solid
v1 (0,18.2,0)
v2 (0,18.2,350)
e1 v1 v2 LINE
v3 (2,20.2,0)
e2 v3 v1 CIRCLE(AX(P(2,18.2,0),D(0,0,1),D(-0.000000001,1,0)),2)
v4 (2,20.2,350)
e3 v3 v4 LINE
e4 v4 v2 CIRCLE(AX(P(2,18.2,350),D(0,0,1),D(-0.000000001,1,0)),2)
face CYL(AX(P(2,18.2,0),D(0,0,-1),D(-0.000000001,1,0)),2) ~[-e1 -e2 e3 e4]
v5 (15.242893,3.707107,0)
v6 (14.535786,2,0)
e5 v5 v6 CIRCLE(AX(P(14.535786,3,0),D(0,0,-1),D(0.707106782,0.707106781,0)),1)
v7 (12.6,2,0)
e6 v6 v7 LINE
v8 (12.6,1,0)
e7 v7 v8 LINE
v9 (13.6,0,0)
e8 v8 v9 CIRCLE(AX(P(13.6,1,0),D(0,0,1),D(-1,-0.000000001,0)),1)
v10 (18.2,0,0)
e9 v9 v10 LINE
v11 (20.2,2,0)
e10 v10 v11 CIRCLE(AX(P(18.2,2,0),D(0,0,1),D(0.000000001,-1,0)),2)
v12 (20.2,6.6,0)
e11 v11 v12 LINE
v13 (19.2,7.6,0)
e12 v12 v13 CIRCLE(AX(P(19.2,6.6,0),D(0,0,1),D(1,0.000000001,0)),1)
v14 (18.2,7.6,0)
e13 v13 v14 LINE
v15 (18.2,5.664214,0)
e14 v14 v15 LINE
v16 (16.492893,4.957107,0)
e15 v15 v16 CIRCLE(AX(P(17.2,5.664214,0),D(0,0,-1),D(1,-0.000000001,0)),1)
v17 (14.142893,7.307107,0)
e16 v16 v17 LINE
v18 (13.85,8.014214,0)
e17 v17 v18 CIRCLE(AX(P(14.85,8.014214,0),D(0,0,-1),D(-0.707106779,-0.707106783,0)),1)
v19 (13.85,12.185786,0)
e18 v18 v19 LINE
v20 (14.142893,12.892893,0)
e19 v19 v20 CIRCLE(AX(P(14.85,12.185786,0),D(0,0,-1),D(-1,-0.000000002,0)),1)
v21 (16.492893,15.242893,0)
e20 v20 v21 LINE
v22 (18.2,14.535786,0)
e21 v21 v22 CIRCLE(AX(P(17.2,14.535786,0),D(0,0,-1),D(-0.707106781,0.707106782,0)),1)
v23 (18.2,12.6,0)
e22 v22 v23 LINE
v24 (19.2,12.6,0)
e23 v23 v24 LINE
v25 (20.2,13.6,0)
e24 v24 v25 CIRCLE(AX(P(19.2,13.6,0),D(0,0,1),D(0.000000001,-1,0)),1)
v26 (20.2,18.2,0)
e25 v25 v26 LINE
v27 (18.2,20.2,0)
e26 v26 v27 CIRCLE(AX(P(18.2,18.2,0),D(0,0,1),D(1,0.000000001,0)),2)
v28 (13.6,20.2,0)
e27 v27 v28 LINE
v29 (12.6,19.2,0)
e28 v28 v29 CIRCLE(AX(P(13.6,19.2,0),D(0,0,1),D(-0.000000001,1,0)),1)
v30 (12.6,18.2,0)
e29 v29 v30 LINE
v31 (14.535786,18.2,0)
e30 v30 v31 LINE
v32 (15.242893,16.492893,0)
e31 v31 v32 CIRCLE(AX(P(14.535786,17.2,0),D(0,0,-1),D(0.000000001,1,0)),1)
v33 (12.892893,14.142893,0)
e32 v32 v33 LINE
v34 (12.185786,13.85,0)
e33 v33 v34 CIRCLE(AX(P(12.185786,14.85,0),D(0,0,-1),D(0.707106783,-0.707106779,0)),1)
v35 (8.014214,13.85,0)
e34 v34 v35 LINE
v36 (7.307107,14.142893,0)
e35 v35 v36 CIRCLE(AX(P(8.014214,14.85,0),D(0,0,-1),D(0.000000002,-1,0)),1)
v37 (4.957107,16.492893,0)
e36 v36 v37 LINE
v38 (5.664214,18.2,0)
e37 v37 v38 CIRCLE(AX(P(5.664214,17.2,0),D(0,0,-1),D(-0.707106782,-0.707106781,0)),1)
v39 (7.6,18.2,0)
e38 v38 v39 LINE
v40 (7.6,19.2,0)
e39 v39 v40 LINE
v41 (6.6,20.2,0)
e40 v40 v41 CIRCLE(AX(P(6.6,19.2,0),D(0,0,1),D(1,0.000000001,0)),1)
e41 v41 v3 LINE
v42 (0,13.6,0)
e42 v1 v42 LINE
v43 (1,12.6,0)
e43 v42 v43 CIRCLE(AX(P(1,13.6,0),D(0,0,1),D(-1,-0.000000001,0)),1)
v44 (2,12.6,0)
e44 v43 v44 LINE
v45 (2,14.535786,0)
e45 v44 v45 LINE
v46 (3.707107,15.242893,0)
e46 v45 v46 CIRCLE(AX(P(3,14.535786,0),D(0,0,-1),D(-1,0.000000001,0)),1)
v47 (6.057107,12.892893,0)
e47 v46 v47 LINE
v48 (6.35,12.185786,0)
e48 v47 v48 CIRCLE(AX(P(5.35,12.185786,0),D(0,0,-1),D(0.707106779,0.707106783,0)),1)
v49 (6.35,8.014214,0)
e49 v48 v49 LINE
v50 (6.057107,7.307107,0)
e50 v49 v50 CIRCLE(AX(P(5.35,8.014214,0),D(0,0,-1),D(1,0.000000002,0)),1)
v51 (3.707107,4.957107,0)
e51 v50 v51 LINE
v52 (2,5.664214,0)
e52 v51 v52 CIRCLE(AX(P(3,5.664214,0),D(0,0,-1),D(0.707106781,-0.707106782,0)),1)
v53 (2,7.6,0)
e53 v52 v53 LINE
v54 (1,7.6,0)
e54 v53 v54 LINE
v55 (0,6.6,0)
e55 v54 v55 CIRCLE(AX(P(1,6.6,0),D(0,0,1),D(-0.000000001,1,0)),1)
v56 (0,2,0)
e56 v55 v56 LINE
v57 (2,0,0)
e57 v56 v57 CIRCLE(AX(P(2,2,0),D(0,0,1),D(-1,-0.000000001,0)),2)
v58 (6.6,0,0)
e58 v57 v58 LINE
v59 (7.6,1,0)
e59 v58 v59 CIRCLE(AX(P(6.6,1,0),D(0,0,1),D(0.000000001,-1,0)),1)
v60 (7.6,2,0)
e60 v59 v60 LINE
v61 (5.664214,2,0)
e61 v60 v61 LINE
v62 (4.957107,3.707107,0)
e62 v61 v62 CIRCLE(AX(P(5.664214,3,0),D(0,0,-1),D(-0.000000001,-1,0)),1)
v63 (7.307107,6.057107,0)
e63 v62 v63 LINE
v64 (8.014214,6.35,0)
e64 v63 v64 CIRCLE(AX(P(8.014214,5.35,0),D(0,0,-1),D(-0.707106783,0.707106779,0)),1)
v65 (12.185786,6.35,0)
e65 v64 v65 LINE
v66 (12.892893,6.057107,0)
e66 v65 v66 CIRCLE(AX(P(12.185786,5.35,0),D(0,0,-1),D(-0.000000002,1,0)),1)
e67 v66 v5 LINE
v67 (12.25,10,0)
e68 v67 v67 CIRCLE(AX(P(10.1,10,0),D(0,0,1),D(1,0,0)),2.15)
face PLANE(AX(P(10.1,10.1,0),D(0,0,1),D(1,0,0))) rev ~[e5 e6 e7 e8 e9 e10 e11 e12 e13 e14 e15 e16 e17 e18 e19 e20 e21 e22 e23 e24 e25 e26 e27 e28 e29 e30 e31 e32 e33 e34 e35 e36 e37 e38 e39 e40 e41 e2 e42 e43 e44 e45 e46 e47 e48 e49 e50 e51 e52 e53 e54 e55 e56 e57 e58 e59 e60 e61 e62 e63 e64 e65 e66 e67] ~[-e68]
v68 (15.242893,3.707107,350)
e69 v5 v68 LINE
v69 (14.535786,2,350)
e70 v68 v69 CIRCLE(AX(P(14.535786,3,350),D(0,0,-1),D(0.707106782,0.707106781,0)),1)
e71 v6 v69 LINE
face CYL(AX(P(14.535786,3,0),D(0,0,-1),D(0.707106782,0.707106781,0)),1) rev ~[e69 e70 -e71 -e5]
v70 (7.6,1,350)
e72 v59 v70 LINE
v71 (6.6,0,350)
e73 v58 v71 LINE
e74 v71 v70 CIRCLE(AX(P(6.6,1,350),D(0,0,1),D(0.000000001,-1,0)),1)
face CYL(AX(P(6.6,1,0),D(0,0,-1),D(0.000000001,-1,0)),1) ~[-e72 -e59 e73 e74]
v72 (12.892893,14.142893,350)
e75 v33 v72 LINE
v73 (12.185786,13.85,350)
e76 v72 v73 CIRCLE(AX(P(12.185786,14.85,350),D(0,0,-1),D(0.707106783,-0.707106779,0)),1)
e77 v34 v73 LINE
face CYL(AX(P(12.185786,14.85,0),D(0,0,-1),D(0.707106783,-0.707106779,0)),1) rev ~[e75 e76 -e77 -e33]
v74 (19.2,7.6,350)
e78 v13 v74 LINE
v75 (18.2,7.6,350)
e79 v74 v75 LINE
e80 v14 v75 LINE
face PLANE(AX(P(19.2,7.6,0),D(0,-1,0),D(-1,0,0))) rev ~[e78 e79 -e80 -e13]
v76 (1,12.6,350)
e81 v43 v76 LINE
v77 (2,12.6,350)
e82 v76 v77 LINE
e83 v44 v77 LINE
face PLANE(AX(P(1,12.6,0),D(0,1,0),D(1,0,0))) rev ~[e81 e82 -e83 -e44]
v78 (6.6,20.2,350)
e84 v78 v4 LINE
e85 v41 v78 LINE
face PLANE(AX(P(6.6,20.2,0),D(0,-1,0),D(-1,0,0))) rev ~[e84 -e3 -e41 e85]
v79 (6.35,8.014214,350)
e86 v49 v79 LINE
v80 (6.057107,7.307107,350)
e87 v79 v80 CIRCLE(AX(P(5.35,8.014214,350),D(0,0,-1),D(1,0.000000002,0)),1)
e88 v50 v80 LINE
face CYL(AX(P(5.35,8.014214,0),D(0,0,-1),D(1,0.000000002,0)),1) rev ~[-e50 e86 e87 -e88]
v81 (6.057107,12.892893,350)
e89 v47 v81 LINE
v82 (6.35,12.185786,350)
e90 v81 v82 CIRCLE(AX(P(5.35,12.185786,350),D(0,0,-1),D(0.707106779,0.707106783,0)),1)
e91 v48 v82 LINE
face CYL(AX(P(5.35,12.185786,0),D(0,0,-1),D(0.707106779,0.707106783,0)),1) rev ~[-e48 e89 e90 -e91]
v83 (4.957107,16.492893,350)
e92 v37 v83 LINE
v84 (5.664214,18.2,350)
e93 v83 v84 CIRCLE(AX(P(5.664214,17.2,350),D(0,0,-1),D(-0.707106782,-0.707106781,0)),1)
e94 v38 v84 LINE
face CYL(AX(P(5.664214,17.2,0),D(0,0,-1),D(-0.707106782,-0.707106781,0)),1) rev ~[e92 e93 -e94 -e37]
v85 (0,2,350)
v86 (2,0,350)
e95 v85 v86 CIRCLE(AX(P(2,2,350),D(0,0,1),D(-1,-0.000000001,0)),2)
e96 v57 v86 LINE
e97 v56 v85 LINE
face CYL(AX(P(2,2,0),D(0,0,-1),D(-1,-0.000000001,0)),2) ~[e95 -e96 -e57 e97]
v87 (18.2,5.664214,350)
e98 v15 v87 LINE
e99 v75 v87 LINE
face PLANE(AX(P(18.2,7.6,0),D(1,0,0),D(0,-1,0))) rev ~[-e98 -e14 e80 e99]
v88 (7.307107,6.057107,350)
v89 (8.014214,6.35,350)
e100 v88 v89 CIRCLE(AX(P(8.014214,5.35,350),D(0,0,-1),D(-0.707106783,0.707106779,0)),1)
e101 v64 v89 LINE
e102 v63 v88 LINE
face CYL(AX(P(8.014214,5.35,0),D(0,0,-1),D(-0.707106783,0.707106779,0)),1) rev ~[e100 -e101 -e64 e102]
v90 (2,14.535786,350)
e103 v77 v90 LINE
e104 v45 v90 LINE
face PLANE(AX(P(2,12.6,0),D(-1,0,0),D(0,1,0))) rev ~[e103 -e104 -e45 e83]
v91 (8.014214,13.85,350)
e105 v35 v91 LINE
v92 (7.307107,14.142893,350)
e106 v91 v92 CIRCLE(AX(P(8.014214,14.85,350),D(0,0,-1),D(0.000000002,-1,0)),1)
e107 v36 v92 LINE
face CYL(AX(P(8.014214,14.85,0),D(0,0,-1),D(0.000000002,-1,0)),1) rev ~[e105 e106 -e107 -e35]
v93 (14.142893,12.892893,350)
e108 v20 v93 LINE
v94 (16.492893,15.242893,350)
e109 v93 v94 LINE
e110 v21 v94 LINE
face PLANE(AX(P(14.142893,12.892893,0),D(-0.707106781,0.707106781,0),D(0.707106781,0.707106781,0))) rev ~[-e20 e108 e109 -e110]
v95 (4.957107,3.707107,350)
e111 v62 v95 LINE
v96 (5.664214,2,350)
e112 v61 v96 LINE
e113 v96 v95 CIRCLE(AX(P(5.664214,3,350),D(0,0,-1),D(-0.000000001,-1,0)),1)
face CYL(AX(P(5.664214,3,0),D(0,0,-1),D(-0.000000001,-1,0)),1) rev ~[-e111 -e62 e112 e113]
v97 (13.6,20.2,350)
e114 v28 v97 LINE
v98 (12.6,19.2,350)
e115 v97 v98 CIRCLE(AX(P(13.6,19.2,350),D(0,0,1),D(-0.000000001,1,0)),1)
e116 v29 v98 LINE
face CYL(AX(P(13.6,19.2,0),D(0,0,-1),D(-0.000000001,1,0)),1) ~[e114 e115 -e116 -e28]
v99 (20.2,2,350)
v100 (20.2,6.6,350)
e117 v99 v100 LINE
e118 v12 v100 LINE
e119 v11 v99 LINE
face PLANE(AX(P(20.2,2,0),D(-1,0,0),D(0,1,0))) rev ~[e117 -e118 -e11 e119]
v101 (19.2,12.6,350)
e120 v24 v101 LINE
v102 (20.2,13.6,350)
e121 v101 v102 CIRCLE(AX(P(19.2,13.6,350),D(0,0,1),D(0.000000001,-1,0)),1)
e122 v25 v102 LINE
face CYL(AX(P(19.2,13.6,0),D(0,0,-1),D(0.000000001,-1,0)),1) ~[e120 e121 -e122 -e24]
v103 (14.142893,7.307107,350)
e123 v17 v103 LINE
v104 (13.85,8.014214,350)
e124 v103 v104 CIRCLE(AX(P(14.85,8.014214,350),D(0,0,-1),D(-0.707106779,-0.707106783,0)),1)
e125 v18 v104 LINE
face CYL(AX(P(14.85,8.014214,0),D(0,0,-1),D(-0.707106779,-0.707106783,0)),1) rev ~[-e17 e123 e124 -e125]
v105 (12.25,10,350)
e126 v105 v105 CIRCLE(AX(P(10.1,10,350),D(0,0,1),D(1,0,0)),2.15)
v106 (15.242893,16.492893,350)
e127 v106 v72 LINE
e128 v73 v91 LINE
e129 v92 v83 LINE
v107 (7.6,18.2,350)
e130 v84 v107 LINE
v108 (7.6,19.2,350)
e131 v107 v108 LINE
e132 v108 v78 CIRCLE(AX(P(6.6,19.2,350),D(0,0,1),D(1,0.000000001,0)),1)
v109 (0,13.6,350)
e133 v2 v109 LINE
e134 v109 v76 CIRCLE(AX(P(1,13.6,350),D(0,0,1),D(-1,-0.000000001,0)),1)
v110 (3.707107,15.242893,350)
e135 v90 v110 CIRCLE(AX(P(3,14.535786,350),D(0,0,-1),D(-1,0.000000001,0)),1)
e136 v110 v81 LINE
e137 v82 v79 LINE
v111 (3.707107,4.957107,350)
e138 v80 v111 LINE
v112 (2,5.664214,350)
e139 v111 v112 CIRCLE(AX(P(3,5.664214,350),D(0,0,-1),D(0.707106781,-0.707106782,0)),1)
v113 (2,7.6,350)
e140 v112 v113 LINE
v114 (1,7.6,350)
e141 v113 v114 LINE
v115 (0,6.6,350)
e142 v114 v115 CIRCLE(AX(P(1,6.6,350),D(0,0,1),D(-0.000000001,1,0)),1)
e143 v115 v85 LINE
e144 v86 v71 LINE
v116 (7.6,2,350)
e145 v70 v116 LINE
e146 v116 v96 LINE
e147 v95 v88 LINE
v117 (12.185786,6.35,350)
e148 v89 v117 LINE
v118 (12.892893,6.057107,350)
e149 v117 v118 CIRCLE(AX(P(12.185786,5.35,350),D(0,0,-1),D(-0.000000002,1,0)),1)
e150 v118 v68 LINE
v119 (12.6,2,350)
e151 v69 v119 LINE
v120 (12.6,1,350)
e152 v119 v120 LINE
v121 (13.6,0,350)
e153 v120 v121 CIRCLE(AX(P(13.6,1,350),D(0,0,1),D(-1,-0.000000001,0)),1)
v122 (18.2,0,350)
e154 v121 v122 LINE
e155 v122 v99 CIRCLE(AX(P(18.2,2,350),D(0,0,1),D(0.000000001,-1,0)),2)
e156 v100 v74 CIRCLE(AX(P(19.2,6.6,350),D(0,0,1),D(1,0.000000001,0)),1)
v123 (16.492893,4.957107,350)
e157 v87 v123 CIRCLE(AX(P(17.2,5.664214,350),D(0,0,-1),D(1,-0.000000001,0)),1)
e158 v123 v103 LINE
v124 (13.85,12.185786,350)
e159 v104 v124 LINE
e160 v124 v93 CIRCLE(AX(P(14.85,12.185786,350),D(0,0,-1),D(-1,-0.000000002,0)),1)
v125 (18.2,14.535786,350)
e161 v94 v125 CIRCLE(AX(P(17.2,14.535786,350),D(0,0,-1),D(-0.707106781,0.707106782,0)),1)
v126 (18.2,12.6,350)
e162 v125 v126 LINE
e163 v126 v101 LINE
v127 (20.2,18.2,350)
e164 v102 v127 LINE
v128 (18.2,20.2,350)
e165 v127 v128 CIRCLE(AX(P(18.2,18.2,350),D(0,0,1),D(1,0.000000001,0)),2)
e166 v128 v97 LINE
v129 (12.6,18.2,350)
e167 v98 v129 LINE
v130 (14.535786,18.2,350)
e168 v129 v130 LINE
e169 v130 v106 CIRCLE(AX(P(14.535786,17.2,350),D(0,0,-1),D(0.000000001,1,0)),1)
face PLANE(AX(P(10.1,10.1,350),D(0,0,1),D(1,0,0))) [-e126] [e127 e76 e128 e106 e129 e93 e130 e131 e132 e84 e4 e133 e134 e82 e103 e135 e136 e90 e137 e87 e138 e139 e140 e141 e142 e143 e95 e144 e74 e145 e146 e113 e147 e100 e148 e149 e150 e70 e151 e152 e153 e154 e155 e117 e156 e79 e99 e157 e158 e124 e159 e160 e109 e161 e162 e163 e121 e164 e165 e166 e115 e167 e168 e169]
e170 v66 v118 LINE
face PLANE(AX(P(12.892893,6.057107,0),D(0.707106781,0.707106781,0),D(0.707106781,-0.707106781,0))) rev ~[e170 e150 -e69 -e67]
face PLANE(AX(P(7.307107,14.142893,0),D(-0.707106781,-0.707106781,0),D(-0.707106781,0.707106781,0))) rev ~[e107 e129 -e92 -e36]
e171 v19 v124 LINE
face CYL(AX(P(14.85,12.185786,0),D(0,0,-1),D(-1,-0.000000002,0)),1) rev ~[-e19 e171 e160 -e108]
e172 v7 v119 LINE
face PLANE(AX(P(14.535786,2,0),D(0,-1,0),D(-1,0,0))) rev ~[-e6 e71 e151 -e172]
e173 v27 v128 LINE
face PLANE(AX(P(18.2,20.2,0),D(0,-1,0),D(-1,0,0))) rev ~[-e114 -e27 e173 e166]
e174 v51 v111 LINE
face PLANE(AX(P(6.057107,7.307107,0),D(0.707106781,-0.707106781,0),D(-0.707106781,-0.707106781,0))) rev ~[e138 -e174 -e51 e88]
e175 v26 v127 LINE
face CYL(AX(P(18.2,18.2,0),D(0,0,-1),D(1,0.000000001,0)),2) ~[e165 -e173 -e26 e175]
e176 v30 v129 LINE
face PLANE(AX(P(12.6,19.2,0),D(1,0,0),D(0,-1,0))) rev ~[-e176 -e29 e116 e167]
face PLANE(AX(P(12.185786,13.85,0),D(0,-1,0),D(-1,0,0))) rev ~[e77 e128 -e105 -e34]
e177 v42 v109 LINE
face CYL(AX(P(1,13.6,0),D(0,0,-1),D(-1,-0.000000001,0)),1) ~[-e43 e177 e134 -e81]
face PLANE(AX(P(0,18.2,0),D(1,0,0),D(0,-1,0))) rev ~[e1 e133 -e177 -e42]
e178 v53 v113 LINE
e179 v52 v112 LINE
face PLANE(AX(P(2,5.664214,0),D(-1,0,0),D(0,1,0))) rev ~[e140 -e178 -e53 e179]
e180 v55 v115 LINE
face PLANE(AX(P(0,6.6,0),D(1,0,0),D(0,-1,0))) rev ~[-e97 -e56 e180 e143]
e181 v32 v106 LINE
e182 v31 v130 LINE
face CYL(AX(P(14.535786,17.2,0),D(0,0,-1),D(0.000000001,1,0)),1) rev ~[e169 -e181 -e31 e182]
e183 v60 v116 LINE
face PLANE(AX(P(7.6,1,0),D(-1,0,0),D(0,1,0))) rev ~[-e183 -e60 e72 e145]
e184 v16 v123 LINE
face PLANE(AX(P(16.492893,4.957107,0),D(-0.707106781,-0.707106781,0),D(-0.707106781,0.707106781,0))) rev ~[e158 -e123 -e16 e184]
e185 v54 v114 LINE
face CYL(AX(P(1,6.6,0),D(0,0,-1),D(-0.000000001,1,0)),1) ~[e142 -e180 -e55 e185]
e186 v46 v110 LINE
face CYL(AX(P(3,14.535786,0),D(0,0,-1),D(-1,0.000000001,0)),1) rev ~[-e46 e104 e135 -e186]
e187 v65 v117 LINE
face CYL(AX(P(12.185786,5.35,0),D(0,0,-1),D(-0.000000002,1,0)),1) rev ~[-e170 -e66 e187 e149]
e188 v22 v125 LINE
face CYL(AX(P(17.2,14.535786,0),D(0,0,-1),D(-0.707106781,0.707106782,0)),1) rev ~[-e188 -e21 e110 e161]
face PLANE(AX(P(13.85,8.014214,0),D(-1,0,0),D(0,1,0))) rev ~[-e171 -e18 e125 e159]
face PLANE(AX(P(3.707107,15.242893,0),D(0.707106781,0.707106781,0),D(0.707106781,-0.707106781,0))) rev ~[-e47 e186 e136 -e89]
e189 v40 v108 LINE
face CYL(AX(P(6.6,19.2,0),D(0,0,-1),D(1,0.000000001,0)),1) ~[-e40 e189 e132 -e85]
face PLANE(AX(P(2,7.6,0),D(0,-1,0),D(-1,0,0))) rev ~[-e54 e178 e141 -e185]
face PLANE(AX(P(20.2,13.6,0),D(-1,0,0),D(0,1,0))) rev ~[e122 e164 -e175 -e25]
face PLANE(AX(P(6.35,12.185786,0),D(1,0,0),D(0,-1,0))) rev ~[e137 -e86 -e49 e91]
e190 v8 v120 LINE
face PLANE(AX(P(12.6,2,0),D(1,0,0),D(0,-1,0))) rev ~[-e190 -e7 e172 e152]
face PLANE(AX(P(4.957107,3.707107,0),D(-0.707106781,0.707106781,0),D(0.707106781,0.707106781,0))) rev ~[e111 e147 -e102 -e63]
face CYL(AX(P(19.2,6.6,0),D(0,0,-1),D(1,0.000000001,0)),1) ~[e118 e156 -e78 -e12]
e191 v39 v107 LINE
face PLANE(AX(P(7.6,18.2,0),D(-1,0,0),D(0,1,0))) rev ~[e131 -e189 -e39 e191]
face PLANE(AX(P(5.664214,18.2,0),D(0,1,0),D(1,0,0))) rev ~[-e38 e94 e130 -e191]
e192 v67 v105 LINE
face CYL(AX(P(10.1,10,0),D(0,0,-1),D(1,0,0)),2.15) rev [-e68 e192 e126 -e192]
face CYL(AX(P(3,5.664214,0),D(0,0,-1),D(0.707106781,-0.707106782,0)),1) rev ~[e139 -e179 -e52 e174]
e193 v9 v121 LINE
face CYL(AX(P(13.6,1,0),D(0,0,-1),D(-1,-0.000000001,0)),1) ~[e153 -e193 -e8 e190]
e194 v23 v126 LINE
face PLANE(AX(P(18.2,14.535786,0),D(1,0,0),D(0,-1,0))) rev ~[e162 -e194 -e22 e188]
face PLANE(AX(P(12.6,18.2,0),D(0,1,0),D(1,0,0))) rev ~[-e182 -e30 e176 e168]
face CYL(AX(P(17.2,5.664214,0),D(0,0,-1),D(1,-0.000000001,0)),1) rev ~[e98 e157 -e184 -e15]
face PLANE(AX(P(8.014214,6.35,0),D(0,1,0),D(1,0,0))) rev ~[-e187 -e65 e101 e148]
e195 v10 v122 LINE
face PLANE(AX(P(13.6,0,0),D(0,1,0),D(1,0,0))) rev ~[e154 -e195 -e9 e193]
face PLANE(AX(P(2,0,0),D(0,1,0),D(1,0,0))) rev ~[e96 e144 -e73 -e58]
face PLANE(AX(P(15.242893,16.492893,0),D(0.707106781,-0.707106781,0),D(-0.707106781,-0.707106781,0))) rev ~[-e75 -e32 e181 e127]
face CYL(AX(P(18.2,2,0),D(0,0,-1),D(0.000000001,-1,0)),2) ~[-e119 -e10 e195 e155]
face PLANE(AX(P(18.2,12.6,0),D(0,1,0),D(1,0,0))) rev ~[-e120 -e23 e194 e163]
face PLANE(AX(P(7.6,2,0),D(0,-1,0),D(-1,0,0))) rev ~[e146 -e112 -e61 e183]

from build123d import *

# Parameters (mm, degrees)
SKETCH1_R           = 2.15
BOSS_EXTRUDE1_DEPTH = 350


with BuildPart() as part:
    # Sketch1 → Boss-Extrude1 (new body)
    with BuildSketch(Plane.XY):
        with BuildLine():
            Line((2, 0), (6.6, 0))
            ThreePointArc((6.6, 0), (7.307106781, 0.292893219), (7.6, 1))
            Line((7.6, 1), (7.6, 2))
            Line((7.6, 2), (5.664213562, 2))
            ThreePointArc((5.664213562, 2), (4.74033403, 2.617316568), (4.957106781, 3.707106781))
            Line((4.957106781, 3.707106781), (7.307106781, 6.057106781))
            ThreePointArc((7.307106781, 6.057106781), (7.63153013, 6.273879533), (8.014213562, 6.35))
            Line((8.014213562, 6.35), (12.185786438, 6.35))
            ThreePointArc((12.185786438, 6.35), (12.56846987, 6.273879533), (12.892893219, 6.057106781))
            Line((12.892893219, 6.057106781), (15.242893219, 3.707106781))
            ThreePointArc((15.242893219, 3.707106781), (15.45966597, 2.617316568), (14.535786438, 2))
            Line((14.535786438, 2), (12.6, 2))
            Line((12.6, 2), (12.6, 1))
            ThreePointArc((12.6, 1), (12.892893219, 0.292893219), (13.6, 0))
            Line((13.6, 0), (18.2, 0))
            ThreePointArc((18.2, 0), (19.614213562, 0.585786438), (20.2, 2))
            Line((20.2, 2), (20.2, 6.6))
            ThreePointArc((20.2, 6.6), (19.907106781, 7.307106781), (19.2, 7.6))
            Line((19.2, 7.6), (18.2, 7.6))
            Line((18.2, 7.6), (18.2, 5.664213562))
            ThreePointArc((18.2, 5.664213562), (17.582683432, 4.74033403), (16.492893219, 4.957106781))
            Line((16.492893219, 4.957106781), (14.142893219, 7.307106781))
            ThreePointArc((14.142893219, 7.307106781), (13.926120467, 7.63153013), (13.85, 8.014213562))
            Line((13.85, 8.014213562), (13.85, 12.185786438))
            ThreePointArc((13.85, 12.185786438), (13.926120467, 12.56846987), (14.142893219, 12.892893219))
            Line((14.142893219, 12.892893219), (16.492893219, 15.242893219))
            ThreePointArc((16.492893219, 15.242893219), (17.582683432, 15.45966597), (18.2, 14.535786438))
            Line((18.2, 14.535786438), (18.2, 12.6))
            Line((18.2, 12.6), (19.2, 12.6))
            ThreePointArc((19.2, 12.6), (19.907106781, 12.892893219), (20.2, 13.6))
            Line((20.2, 13.6), (20.2, 18.2))
            ThreePointArc((20.2, 18.2), (19.614213562, 19.614213562), (18.2, 20.2))
            Line((18.2, 20.2), (13.6, 20.2))
            ThreePointArc((13.6, 20.2), (12.892893219, 19.907106781), (12.6, 19.2))
            Line((12.6, 19.2), (12.6, 18.2))
            Line((12.6, 18.2), (14.535786438, 18.2))
            ThreePointArc((14.535786438, 18.2), (15.45966597, 17.582683432), (15.242893219, 16.492893219))
            Line((15.242893219, 16.492893219), (12.892893219, 14.142893219))
            ThreePointArc((12.892893219, 14.142893219), (12.56846987, 13.926120467), (12.185786438, 13.85))
            Line((12.185786438, 13.85), (8.014213562, 13.85))
            ThreePointArc((8.014213562, 13.85), (7.63153013, 13.926120467), (7.307106781, 14.142893219))
            Line((7.307106781, 14.142893219), (4.957106781, 16.492893219))
            ThreePointArc((4.957106781, 16.492893219), (4.74033403, 17.582683432), (5.664213562, 18.2))
            Line((5.664213562, 18.2), (7.6, 18.2))
            Line((7.6, 18.2), (7.6, 19.2))
            ThreePointArc((7.6, 19.2), (7.307106781, 19.907106781), (6.6, 20.2))
            Line((6.6, 20.2), (2, 20.2))
            ThreePointArc((2, 20.2), (0.585786438, 19.614213562), (0, 18.2))
            Line((0, 18.2), (0, 13.6))
            ThreePointArc((0, 13.6), (0.292893219, 12.892893219), (1, 12.6))
            Line((1, 12.6), (2, 12.6))
            Line((2, 12.6), (2, 14.535786438))
            ThreePointArc((2, 14.535786438), (2.617316568, 15.45966597), (3.707106781, 15.242893219))
            Line((3.707106781, 15.242893219), (6.057106781, 12.892893219))
            ThreePointArc((6.057106781, 12.892893219), (6.273879533, 12.56846987), (6.35, 12.185786438))
            Line((6.35, 12.185786438), (6.35, 8.014213562))
            ThreePointArc((6.35, 8.014213562), (6.273879533, 7.63153013), (6.057106781, 7.307106781))
            Line((6.057106781, 7.307106781), (3.707106781, 4.957106781))
            ThreePointArc((3.707106781, 4.957106781), (2.617316568, 4.74033403), (2, 5.664213562))
            Line((2, 5.664213562), (2, 7.6))
            Line((2, 7.6), (1, 7.6))
            ThreePointArc((1, 7.6), (0.292893219, 7.307106781), (0, 6.6))
            Line((0, 6.6), (0, 2))
            ThreePointArc((0, 2), (0.585786438, 0.585786438), (2, 0))
        make_face()
        with Locations((10.1, 10)):
            Circle(SKETCH1_R, mode=Mode.SUBTRACT)
    extrude(amount=BOSS_EXTRUDE1_DEPTH)


solid = part.part
